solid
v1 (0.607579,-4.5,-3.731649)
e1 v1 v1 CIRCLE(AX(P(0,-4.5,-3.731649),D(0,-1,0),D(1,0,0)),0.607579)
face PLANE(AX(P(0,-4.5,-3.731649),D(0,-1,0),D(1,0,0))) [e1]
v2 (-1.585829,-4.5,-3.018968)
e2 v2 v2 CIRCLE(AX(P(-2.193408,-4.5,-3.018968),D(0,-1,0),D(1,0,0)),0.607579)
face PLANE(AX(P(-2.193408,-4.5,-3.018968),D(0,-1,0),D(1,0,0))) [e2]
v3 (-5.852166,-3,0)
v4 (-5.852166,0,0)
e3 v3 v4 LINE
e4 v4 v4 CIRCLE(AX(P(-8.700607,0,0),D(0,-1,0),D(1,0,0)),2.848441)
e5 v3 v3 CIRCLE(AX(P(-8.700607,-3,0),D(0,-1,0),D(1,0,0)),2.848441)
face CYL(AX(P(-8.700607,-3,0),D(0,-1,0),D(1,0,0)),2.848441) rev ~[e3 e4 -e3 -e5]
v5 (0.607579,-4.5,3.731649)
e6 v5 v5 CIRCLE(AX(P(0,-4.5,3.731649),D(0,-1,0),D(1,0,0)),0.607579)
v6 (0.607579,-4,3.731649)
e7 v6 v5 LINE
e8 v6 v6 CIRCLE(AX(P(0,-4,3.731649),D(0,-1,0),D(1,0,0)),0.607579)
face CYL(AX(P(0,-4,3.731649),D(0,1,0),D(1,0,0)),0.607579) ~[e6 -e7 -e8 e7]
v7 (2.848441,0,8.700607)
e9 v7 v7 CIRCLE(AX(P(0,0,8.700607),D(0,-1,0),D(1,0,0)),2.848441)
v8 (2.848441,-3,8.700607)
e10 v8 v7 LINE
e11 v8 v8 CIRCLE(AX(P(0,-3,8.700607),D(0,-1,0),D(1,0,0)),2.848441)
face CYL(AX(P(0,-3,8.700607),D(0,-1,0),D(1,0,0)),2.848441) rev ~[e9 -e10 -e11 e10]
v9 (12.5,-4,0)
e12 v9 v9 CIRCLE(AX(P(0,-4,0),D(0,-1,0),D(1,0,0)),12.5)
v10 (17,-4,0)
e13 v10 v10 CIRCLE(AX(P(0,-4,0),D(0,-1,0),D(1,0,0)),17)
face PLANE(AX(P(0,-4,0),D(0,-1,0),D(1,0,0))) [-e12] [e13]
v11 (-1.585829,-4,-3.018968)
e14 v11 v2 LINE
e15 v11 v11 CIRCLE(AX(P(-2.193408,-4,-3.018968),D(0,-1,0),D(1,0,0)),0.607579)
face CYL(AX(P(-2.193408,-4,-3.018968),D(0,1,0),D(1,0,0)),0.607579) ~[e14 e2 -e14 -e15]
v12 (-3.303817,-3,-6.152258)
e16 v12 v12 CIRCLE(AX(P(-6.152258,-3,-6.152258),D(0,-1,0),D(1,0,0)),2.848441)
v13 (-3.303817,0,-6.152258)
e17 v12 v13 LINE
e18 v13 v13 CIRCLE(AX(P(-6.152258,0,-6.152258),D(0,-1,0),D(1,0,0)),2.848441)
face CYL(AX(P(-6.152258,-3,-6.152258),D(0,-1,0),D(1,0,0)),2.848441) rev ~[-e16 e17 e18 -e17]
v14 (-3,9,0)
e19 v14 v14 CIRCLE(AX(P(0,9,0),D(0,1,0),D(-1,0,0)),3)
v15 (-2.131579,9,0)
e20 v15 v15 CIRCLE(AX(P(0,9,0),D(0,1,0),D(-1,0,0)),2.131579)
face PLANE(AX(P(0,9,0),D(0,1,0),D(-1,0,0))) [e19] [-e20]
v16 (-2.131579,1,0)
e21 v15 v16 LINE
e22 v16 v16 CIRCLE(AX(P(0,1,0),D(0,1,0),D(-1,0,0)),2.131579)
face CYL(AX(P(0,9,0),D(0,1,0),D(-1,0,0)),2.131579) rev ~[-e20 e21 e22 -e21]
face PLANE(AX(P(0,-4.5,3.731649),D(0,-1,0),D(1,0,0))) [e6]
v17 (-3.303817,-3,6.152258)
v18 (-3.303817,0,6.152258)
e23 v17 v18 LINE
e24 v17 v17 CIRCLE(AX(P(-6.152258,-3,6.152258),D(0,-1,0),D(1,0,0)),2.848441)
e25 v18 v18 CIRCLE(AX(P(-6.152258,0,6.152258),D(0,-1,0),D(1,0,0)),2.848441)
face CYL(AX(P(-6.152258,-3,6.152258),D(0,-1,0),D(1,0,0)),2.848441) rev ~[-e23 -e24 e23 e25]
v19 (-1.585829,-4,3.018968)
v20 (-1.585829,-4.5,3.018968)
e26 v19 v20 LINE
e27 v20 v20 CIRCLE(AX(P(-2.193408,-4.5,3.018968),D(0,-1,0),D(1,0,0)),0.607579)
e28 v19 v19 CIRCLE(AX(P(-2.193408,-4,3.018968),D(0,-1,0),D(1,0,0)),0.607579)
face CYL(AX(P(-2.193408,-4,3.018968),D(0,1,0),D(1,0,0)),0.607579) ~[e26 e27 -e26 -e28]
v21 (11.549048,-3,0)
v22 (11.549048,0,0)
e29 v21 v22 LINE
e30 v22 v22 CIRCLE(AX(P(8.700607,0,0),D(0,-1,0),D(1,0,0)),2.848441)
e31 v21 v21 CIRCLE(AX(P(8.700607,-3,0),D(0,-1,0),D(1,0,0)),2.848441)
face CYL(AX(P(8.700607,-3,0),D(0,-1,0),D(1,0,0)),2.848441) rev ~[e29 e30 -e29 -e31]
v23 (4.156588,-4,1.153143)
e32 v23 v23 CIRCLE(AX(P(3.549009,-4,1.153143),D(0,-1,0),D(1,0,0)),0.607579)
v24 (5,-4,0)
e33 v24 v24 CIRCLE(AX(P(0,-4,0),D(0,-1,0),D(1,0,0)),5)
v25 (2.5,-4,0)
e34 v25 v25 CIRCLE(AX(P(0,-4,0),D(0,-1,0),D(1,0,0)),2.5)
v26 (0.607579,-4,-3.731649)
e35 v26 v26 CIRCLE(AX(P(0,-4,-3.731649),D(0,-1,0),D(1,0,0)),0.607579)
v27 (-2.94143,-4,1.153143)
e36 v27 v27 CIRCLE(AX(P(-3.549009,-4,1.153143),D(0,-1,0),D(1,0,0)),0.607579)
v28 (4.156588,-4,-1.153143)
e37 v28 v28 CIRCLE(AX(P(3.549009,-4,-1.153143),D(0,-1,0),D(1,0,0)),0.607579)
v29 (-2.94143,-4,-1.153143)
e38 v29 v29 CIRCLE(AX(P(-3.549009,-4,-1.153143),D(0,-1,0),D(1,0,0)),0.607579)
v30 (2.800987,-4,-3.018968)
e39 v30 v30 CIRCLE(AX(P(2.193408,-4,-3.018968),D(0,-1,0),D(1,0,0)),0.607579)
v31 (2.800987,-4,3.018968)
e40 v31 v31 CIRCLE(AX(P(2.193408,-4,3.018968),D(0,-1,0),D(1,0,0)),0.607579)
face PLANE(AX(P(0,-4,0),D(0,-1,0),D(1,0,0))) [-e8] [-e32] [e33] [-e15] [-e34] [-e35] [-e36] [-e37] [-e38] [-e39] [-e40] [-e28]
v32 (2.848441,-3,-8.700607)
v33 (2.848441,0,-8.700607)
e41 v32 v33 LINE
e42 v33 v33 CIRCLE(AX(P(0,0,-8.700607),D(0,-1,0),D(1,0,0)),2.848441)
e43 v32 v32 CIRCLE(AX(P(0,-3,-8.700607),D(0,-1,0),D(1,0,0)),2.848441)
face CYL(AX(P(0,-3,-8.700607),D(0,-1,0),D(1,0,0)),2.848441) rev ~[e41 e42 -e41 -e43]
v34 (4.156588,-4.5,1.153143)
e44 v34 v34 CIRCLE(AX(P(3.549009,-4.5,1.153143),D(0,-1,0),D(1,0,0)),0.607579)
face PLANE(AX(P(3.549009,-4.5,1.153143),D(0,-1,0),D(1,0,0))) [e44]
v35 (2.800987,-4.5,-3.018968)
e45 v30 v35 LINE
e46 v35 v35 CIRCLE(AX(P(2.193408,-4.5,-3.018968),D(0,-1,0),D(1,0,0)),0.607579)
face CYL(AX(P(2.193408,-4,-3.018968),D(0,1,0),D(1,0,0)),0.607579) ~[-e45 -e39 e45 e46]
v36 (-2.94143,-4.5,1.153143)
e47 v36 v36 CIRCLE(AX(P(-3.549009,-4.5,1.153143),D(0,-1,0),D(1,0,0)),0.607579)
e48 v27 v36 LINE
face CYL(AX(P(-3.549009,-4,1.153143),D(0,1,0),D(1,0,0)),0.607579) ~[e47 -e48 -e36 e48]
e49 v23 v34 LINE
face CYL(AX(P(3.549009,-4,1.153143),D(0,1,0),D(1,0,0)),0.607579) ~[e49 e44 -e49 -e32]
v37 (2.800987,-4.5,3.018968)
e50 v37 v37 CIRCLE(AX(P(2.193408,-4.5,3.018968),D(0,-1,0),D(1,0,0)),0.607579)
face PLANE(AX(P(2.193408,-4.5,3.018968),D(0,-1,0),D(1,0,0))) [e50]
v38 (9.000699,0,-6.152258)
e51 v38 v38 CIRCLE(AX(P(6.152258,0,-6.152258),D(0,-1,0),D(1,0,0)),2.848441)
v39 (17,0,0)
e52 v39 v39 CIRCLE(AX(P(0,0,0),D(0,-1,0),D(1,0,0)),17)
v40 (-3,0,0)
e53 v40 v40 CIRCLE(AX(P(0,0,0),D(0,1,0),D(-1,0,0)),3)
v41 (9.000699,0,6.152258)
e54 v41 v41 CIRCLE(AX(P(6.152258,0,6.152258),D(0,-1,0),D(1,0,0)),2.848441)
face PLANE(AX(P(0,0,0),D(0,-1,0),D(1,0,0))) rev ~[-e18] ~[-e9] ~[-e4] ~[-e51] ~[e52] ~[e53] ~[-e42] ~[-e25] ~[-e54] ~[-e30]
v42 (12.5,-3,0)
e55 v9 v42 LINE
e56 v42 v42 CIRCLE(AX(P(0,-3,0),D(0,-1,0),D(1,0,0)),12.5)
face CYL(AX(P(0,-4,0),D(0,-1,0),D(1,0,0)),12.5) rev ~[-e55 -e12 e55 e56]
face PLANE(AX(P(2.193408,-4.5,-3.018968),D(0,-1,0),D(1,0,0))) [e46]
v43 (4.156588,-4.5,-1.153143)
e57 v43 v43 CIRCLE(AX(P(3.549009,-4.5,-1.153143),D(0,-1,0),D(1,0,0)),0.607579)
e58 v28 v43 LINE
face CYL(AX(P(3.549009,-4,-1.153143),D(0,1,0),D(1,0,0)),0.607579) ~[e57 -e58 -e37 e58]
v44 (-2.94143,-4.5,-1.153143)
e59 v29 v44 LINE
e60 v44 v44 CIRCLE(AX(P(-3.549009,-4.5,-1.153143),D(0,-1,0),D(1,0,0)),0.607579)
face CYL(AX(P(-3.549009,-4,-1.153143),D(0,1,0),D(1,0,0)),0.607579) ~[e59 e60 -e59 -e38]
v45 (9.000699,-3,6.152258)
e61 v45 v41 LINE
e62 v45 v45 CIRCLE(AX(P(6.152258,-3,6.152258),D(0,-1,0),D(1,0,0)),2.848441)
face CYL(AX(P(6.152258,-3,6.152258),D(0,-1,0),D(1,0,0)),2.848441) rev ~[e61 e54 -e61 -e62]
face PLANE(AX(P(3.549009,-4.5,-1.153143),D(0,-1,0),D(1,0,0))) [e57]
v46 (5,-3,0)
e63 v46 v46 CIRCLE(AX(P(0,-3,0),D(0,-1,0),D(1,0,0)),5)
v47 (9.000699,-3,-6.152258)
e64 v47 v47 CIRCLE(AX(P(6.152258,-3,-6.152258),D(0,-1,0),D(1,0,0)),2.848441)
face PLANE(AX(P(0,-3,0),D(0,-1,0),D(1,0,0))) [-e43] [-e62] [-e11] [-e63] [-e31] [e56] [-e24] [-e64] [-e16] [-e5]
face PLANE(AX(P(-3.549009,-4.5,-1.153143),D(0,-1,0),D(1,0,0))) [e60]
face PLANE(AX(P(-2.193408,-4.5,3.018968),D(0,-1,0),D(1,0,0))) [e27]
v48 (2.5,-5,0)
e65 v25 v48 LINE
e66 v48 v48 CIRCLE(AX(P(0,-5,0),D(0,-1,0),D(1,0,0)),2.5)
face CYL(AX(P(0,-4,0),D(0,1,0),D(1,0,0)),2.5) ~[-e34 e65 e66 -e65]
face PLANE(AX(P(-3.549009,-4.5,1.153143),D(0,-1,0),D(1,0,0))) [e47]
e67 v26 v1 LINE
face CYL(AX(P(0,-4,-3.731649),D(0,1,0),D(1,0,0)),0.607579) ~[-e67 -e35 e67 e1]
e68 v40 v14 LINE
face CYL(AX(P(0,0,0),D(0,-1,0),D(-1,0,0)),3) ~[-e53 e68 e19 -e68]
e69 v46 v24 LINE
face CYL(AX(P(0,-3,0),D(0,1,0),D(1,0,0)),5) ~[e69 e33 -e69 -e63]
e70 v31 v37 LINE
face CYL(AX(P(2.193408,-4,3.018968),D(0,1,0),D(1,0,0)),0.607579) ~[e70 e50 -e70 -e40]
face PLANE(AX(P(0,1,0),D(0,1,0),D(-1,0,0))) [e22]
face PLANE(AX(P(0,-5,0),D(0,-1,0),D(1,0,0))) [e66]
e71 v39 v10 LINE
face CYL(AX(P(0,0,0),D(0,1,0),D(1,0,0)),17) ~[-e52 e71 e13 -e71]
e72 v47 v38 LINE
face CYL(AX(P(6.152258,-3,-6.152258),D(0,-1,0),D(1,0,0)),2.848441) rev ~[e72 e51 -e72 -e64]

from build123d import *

# Parameters (mm, degrees)
F0_R      = 17
F1_DEPTH  = 4
F2_R      = 12.5
F3_DEPTH  = 1
F4_R      = 5
F5_DEPTH  = 1
F6_R      = 2.5
F7_DEPTH  = 1
F8_R      = 2.848441
F9_DEPTH  = 5
F10_R     = 0.607579
F11_DEPTH = 0.5
F12_R     = 3
F13_DEPTH = 9
F14_R     = 2.131579
F15_DEPTH = 8


with BuildPart() as f1:
    # F0 (on Front) → F1 (new body)
    with BuildSketch(Plane.XZ):
        Circle(F0_R)
    extrude(amount=F1_DEPTH)

    # F2 (on face) → F3 (cut)
    with BuildSketch(Plane.XZ.offset(4)):
        Circle(F2_R)
    extrude(amount=-F3_DEPTH, mode=Mode.SUBTRACT)

    # F4 (on face) → F5 (join)
    with BuildSketch(Plane.XZ.offset(3)):
        Circle(F4_R)
    extrude(amount=F5_DEPTH)

    # F6 (on face) → F7 (join)
    with BuildSketch(Plane.XZ.offset(4)):
        Circle(F6_R)
    extrude(amount=F7_DEPTH)

    # F8 (on face) → F9 (cut)
    with BuildSketch(Plane.XZ.offset(3)):
        with Locations((-6.152258, 6.152258)):
            Circle(F8_R)
        with Locations((-8.700607, 0)):
            Circle(F8_R)
        with Locations((-6.152258, -6.152258)):
            Circle(F8_R)
        with Locations((0, -8.700607)):
            Circle(F8_R)
        with Locations((6.152258, -6.152258)):
            Circle(F8_R)
        with Locations((8.700607, 0)):
            Circle(F8_R)
        with Locations((6.152258, 6.152258)):
            Circle(F8_R)
        with Locations((0, 8.700607)):
            Circle(F8_R)
    extrude(amount=-F9_DEPTH, mode=Mode.SUBTRACT)

    # F10 (on face) → F11 (join)
    with BuildSketch(Plane.XZ.offset(4)):
        with Locations((0, 3.731649)):
            Circle(F10_R)
        with Locations((-2.193408, 3.018968)):
            Circle(F10_R)
        with Locations((-3.549009, 1.153143)):
            Circle(F10_R)
        with Locations((-3.549009, -1.153143)):
            Circle(F10_R)
        with Locations((-2.193408, -3.018968)):
            Circle(F10_R)
        with Locations((0, -3.731649)):
            Circle(F10_R)
        with Locations((2.193408, -3.018968)):
            Circle(F10_R)
        with Locations((3.549009, -1.153143)):
            Circle(F10_R)
        with Locations((3.549009, 1.153143)):
            Circle(F10_R)
        with Locations((2.193408, 3.018968)):
            Circle(F10_R)
    extrude(amount=F11_DEPTH)

    # F12 (on face) → F13 (join)
    with BuildSketch(Plane(origin=(0, 0, 0), x_dir=(-1, 0, 0), z_dir=(0, 1, 0))):
        Circle(F12_R)
    extrude(amount=F13_DEPTH)

    # F14 (on face) → F15 (cut)
    with BuildSketch(Plane(origin=(0, 9, 0), x_dir=(-1, 0, 0), z_dir=(0, 1, 0))):
        Circle(F14_R)
    extrude(amount=-F15_DEPTH, mode=Mode.SUBTRACT)


solid = f1.part
